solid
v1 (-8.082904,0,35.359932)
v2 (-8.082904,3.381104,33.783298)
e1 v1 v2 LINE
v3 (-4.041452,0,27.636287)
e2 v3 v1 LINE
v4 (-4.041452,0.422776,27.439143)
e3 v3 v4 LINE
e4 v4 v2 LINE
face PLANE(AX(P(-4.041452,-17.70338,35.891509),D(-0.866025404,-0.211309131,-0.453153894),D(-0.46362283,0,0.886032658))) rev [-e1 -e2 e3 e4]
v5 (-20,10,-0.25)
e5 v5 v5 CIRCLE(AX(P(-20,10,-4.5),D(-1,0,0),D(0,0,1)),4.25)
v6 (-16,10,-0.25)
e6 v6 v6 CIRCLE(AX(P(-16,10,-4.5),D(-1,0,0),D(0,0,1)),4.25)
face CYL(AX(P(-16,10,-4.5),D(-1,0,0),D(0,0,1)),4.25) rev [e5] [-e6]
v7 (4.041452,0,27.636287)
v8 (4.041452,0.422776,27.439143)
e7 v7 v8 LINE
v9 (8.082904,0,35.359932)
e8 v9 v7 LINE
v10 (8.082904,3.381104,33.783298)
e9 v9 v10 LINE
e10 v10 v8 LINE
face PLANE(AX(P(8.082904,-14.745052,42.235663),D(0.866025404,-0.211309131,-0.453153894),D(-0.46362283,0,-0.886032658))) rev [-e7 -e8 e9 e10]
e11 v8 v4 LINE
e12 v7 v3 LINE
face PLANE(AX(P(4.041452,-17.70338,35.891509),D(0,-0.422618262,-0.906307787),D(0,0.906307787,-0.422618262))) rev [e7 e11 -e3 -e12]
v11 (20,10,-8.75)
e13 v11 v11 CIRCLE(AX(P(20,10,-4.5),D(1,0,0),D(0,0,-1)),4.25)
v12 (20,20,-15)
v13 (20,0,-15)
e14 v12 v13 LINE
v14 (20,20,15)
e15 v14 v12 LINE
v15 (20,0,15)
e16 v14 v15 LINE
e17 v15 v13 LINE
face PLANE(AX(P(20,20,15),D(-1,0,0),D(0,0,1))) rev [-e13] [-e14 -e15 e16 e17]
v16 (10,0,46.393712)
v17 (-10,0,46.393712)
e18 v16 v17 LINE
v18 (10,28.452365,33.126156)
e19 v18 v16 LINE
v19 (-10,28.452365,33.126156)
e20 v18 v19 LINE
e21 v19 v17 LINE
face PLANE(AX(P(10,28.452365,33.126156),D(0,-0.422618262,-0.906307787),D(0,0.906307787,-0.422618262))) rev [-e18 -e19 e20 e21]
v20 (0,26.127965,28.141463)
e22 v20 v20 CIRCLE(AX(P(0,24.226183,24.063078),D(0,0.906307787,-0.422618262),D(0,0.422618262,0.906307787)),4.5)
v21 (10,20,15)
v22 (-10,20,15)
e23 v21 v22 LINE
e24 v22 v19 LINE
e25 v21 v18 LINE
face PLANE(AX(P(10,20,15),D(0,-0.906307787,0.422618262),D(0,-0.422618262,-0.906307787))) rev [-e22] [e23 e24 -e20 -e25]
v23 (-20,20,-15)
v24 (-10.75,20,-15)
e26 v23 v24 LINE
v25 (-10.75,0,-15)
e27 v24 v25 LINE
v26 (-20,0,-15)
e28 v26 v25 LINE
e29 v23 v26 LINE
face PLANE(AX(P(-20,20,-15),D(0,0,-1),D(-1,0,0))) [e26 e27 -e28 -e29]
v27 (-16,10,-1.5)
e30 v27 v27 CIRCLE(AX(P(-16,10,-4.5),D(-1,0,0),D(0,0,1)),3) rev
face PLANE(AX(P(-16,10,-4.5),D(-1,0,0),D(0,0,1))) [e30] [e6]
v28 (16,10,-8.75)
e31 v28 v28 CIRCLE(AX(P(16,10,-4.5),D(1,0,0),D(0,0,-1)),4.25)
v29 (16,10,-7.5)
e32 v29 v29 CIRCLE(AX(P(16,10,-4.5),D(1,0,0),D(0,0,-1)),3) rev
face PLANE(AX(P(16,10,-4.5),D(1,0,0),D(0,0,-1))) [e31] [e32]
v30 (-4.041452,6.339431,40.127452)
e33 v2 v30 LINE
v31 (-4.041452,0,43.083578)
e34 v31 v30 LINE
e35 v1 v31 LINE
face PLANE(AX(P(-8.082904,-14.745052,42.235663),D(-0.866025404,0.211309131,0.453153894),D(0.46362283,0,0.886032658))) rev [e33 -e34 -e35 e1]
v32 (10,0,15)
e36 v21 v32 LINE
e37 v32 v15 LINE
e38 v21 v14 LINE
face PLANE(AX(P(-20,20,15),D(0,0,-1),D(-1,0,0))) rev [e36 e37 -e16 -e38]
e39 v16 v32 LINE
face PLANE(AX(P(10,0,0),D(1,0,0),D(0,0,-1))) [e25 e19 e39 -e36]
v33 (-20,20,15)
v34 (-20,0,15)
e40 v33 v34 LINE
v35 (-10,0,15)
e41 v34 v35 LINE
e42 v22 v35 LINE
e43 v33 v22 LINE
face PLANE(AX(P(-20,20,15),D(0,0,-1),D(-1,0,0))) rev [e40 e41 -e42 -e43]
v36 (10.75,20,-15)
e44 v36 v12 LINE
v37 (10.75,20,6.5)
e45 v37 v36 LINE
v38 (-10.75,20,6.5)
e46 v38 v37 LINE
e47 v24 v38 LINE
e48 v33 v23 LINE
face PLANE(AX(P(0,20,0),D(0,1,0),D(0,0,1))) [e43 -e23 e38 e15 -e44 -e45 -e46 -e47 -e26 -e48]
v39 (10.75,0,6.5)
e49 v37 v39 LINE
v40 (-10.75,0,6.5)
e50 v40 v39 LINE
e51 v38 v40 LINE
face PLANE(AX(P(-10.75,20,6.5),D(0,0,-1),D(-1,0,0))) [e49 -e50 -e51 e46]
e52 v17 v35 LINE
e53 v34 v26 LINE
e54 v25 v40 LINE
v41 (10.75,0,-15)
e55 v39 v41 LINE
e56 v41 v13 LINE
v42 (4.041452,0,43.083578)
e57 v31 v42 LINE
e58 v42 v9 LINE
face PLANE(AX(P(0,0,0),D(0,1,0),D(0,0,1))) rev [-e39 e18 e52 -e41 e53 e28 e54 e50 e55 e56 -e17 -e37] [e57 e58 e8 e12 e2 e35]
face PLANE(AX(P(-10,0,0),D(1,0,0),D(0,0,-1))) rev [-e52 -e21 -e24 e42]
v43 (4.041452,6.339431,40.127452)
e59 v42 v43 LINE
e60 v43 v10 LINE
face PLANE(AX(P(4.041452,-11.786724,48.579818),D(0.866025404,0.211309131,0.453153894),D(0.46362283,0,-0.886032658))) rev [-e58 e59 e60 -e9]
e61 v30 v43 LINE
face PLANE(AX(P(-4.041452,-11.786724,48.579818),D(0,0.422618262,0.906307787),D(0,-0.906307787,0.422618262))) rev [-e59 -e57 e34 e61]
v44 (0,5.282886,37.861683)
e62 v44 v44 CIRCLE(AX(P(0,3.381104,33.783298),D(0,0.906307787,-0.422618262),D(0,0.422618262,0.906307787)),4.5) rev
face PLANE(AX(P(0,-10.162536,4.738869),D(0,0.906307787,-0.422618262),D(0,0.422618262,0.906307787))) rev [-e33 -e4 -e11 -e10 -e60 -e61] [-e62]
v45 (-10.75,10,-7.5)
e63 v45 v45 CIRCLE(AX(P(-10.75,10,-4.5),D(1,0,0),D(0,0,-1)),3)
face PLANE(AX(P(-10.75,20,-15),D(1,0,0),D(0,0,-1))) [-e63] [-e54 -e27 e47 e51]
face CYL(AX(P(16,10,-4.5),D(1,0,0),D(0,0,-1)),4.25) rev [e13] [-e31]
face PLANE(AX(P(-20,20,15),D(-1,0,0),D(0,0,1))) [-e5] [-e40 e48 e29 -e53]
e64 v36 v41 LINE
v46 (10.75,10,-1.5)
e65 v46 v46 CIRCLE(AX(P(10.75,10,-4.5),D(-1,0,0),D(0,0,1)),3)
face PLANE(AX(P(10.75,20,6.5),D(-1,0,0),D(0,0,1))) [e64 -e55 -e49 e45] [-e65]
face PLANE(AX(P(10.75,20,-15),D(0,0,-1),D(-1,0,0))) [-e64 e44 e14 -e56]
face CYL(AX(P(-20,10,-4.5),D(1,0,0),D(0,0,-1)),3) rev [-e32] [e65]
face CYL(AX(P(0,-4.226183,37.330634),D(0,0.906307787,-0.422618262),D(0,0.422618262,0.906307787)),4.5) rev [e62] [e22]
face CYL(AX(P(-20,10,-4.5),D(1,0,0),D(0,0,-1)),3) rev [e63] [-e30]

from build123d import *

# Parameters (mm, degrees)
BOSS_EXTRUDE1_DEPTH = 20
BOSS_EXTRUDE3_DEPTH = 10
SKETCH3_R           = 4.5
CUT_EXTRUDE1_DEPTH  = 32.393711542
CUT_EXTRUDE2_DEPTH  = 20
SKETCH5_R           = 3
CUT_EXTRUDE3_DEPTH  = 41
SKETCH6_R           = 4.25
CUT_EXTRUDE4_DEPTH  = 4
SKETCH7_R           = 4.25
CUT_EXTRUDE5_DEPTH  = 4


with BuildPart() as part:
    # Sketch1 → Boss-Extrude1 (new body)
    with BuildSketch(Plane(origin=(0, 0, 0), x_dir=(1, 0, 0), z_dir=(0, 1, 0))):
        Polygon((-10.75, 15), (-10.75, -6.5), (10.75, -6.5), (10.75, 15), (20, 15), (20, -15), (-20, -15), (-20, 15), align=None)
    extrude(amount=BOSS_EXTRUDE1_DEPTH)

    # Sketch2 → Boss-Extrude3 (add, symmetric)
    with BuildSketch(Plane(origin=(0, 0, 0), x_dir=(0, 0, -1), z_dir=(1, 0, 0))):
        Polygon((-15, 20), (-15, 0), (-46.393711542, 0), (-33.126155741, 28.452365235), align=None)
    extrude(amount=BOSS_EXTRUDE3_DEPTH, both=True)

    # Sketch3 → Cut-Extrude1 (cut, through all)
    with BuildSketch(Plane(origin=(0, 10.682542773, -4.981351504), x_dir=(1, 0, 0), z_dir=(0, 0.906307787, -0.422618262))):
        with Locations((0, -32.04698204)):
            Circle(SKETCH3_R)
    extrude(amount=-CUT_EXTRUDE1_DEPTH, mode=Mode.SUBTRACT)

    # Sketch4 → Cut-Extrude2 (cut)
    with BuildSketch(Plane(origin=(0, -10.162536328, 4.738868516), x_dir=(1, 0, 0), z_dir=(0, 0.906307787, -0.422618262))):
        Polygon((4.041451884, -39.04698204), (8.082903769, -32.04698204), (4.041451884, -25.04698204), (-4.041451884, -25.04698204), (-8.082903769, -32.04698204), (-4.041451884, -39.04698204), align=None)
    extrude(amount=-CUT_EXTRUDE2_DEPTH, mode=Mode.SUBTRACT)

    # Sketch5 → Cut-Extrude3 (cut, through all)
    with BuildSketch(Plane(origin=(20, 0, 0), x_dir=(0, 0, -1), z_dir=(1, 0, 0))):
        with Locations((4.5, 10)):
            Circle(SKETCH5_R)
    extrude(amount=-CUT_EXTRUDE3_DEPTH, mode=Mode.SUBTRACT)

    # Sketch6 → Cut-Extrude4 (cut)
    with BuildSketch(Plane(origin=(20, 0, 0), x_dir=(0, 0, -1), z_dir=(1, 0, 0))):
        with Locations((4.5, 10)):
            Circle(SKETCH6_R)
    extrude(amount=-CUT_EXTRUDE4_DEPTH, mode=Mode.SUBTRACT)

    # Sketch7 → Cut-Extrude5 (cut)
    with BuildSketch(Plane.ZY.offset(20)):
        with Locations((-4.5, 10)):
            Circle(SKETCH7_R)
    extrude(amount=-CUT_EXTRUDE5_DEPTH, mode=Mode.SUBTRACT)


solid = part.part
